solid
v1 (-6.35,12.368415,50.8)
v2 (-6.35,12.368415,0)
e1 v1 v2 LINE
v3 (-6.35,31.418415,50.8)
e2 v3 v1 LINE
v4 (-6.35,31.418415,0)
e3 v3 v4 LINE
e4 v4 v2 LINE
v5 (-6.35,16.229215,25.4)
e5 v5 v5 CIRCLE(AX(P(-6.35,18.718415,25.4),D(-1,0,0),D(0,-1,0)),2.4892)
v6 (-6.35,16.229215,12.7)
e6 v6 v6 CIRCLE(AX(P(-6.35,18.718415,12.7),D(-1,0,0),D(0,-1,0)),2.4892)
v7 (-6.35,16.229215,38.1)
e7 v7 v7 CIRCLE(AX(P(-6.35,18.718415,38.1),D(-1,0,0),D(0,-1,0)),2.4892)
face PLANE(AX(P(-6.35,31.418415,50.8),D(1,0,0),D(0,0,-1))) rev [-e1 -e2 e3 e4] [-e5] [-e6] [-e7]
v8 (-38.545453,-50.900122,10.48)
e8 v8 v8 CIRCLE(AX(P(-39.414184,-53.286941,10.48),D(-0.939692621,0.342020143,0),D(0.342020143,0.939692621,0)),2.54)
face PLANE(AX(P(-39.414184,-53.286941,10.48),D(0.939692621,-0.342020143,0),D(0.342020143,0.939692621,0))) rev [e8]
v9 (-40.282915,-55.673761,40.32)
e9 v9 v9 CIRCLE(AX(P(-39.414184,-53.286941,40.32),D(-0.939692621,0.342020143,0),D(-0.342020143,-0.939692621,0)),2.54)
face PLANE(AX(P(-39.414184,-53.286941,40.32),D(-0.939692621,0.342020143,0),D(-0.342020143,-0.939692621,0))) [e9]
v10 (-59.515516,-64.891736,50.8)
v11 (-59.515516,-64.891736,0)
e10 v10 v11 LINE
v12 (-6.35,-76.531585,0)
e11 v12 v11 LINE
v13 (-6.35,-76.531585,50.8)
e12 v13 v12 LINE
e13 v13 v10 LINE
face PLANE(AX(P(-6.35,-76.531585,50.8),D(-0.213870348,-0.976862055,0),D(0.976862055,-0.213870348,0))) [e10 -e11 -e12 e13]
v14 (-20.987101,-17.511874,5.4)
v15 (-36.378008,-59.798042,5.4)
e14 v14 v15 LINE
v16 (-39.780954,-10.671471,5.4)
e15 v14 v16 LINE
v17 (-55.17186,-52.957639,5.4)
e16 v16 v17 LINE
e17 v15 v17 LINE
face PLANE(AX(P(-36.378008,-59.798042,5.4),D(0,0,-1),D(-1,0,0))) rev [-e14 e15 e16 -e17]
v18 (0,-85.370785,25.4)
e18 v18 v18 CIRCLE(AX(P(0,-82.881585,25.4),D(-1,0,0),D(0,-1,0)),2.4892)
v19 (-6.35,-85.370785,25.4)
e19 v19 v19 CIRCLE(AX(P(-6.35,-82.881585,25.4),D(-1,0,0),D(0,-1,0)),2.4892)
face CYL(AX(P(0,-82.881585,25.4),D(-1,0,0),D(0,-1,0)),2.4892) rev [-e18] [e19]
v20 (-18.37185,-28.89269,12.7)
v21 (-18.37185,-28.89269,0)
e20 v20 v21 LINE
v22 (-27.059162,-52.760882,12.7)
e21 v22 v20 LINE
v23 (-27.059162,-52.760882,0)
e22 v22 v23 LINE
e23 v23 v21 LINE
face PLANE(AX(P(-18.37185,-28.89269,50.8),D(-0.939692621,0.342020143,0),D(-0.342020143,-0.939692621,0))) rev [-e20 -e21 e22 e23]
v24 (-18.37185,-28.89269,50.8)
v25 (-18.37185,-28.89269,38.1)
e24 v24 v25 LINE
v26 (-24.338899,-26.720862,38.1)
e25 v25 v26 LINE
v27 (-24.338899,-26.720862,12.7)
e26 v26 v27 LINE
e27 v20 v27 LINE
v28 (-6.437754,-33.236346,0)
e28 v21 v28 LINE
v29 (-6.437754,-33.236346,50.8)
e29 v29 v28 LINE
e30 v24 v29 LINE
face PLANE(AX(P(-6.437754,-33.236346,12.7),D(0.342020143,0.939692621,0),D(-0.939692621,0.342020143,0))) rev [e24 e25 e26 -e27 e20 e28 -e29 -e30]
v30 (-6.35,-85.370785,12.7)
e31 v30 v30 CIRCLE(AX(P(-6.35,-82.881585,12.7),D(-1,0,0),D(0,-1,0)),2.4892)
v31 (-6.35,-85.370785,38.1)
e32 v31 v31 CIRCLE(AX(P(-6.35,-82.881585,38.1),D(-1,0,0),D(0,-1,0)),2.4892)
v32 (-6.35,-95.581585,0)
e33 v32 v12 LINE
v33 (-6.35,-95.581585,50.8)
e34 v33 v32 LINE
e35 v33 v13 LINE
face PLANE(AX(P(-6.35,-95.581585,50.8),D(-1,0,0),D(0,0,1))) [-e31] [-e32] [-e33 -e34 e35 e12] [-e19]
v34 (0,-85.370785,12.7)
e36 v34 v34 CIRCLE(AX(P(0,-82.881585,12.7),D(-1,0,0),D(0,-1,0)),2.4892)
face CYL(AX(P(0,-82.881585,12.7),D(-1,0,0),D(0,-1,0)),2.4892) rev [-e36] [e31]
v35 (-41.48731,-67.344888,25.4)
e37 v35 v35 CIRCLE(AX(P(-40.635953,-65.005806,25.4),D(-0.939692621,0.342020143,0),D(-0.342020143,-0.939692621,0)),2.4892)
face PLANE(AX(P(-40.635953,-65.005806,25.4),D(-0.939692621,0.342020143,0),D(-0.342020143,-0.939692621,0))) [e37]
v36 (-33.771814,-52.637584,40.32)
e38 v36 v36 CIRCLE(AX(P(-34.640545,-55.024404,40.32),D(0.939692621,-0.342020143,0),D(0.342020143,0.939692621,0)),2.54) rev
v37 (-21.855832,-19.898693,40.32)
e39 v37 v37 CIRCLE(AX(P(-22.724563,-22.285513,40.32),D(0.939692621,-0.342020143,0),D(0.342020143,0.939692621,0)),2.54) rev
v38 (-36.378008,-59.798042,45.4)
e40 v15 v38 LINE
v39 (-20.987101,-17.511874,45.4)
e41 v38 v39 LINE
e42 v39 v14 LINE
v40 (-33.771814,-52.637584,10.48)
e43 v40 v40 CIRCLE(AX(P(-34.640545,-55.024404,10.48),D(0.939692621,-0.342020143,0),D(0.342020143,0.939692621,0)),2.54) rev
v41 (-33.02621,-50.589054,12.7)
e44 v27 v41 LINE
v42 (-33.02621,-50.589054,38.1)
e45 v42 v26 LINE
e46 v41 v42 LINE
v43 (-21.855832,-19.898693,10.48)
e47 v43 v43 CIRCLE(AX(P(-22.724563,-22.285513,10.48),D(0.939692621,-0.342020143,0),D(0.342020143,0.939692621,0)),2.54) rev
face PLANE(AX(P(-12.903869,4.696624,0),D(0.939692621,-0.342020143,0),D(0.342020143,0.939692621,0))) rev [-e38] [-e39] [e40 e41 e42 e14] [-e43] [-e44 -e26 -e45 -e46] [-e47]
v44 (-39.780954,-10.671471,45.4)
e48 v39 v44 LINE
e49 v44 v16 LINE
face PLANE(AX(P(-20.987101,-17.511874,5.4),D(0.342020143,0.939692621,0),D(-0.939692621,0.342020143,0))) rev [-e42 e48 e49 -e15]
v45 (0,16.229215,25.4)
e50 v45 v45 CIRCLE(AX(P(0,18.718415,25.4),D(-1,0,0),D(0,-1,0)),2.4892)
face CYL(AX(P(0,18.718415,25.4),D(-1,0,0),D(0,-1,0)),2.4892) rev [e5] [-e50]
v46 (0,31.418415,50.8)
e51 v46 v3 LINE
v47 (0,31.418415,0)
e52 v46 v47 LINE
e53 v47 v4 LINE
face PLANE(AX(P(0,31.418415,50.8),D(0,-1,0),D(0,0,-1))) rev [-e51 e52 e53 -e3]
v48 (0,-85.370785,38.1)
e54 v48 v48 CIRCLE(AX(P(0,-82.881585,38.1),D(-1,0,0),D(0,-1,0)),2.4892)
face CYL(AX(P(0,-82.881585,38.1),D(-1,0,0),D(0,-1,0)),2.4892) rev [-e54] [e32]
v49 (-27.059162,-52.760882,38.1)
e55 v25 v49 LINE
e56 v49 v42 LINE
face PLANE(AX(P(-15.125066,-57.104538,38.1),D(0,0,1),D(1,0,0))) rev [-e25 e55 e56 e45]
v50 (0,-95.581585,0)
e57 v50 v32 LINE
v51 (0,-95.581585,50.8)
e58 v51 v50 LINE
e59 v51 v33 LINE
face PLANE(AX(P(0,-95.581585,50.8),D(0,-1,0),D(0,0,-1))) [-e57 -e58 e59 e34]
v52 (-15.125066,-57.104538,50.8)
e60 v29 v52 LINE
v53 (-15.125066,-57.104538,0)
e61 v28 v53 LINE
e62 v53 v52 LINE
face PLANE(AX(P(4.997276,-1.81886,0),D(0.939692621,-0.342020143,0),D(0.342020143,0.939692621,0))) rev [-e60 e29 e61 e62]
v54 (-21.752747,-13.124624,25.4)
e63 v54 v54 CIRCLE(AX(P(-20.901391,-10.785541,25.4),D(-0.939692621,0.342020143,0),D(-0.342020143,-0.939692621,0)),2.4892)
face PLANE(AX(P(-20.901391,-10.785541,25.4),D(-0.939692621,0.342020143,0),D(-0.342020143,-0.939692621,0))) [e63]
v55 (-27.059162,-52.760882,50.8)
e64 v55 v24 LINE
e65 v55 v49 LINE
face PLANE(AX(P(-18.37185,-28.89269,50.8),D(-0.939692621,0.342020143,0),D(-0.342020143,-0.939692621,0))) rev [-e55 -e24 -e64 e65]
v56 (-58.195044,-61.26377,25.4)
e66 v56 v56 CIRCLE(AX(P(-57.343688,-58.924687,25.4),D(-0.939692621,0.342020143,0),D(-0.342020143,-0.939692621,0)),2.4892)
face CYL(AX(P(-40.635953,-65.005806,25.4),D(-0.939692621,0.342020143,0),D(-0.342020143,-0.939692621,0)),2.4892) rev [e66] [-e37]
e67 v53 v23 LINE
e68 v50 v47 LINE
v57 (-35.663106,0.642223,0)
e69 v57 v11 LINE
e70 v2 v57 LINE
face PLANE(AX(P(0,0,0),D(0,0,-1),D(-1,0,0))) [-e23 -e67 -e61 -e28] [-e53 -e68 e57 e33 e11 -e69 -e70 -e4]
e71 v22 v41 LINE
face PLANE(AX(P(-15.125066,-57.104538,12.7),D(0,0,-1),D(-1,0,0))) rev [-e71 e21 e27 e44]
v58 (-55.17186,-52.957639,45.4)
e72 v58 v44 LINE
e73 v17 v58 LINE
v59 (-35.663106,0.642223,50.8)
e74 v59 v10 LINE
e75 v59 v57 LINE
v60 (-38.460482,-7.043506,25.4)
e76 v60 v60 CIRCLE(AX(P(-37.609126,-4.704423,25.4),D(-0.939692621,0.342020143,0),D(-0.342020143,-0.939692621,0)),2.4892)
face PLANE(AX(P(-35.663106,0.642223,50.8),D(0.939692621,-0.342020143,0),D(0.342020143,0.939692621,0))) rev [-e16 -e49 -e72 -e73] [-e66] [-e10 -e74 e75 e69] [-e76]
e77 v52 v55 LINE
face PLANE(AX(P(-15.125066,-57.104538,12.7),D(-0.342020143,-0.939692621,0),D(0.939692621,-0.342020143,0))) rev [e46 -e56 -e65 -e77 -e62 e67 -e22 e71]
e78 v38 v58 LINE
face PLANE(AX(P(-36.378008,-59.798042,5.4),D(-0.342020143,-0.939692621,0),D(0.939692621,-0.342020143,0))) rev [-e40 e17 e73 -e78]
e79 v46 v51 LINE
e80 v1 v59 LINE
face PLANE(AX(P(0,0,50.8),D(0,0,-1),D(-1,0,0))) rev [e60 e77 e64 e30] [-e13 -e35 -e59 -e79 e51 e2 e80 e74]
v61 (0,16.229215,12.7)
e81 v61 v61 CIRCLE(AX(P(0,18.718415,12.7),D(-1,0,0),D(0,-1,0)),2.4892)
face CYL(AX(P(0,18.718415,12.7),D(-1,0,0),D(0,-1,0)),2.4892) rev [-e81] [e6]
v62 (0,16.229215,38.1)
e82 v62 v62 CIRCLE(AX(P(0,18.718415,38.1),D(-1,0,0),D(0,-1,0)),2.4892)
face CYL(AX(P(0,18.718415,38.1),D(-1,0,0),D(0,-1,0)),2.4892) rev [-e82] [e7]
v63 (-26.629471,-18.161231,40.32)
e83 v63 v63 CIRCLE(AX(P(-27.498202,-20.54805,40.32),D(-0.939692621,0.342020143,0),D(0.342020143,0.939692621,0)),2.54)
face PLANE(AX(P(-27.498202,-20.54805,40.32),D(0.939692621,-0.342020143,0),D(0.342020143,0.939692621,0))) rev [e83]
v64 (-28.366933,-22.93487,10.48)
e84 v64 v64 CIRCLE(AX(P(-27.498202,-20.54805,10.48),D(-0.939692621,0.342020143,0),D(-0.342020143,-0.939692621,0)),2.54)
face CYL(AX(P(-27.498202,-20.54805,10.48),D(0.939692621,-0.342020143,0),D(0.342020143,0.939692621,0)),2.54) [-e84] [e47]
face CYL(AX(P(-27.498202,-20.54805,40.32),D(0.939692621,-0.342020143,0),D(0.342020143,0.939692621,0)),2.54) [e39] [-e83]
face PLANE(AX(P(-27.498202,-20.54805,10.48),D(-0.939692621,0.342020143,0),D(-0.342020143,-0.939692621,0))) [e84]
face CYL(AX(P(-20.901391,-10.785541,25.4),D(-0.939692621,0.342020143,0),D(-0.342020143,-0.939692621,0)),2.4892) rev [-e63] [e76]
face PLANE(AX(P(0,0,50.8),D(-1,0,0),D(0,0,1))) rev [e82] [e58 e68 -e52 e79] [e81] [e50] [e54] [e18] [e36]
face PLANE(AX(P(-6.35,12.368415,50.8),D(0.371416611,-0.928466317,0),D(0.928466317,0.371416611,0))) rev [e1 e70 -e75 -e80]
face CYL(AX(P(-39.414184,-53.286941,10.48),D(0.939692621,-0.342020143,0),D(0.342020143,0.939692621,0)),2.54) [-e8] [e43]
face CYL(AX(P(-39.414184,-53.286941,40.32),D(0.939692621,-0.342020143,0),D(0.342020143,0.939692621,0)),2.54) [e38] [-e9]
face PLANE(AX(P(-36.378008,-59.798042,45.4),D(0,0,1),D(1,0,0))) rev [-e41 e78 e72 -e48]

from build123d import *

# Parameters (mm, degrees)
BOSS_EXTRUDE1_DEPTH     = 50.8
SKETCH3_W               = 40
SKETCH3_H               = 45
CUT_EXTRUDE1_DEPTH      = 20
SKETCH4_R               = 2.4892
CUT_EXTRUDE2_DEPTH      = 17.78
SKETCH7_W               = 25.4
SKETCH7_H               = 25.4
CUT_EXTRUDE3_DEPTH      = 19.05
CUT_EXTRUDE4_DEPTH      = 119.867767025
CUT_EXTRUDE4_DEPTH_BACK = 119.867767025
SKETCH10_R              = 2.4892
CUT_EXTRUDE5_DEPTH      = 121.594574863
SKETCH11_R              = 2.54
BOSS_EXTRUDE2_DEPTH     = 5.08


with BuildPart() as part:
    # Sketch1 → Boss-Extrude1 (new body)
    with BuildSketch(Plane.XY):
        Polygon((0, 0), (0, -95.581585113), (-6.35, -95.581585113), (-6.35, -76.531585113), (-59.515515832, -64.891735517), (-35.66310566, 0.642222829), (-6.35, 12.368414887), (-6.35, 31.418414887), (0, 31.418414887), align=None)
    extrude(amount=BOSS_EXTRUDE1_DEPTH)

    # Sketch3 → Cut-Extrude1 (cut)
    with BuildSketch(Plane(origin=(-31.697721226, 11.53702702, 0), x_dir=(0, 0, 1), z_dir=(-0.9396926207859081, 0.34202014332566955, 0))):
        with Locations((25.4, -46.13379027)):
            Rectangle(SKETCH3_W, SKETCH3_H)
    extrude(amount=-CUT_EXTRUDE1_DEPTH, mode=Mode.SUBTRACT)

    # Sketch4 → Cut-Extrude2 (cut)
    with BuildSketch(Plane(origin=(-31.697721226, 11.53702702, 0), x_dir=(0, 0, 1), z_dir=(-0.9396926207859081, 0.34202014332566955, 0))):
        with Locations(Location((25.4, -17.28379027, 0), (0, 0, 270))):
            Circle(SKETCH4_R)
        with Locations(Location((25.4, -74.98379027, 0), (0, 0, 270))):
            Circle(SKETCH4_R)
    extrude(amount=-CUT_EXTRUDE2_DEPTH, mode=Mode.SUBTRACT)

    # Sketch7 → Cut-Extrude3 (cut)
    with BuildSketch(Plane(origin=(-12.90386881, 4.696624154, 0), x_dir=(0, 0, 1), z_dir=(-0.9396926207859082, 0.34202014332566955, 0))):
        with Locations((25.4, -46.13379027)):
            Rectangle(SKETCH7_W, SKETCH7_H)
    extrude(amount=-CUT_EXTRUDE3_DEPTH, mode=Mode.SUBTRACT)

    # Sketch9 → Cut-Extrude4 (cut, two sides: drawn at the far end of the back side and taken through both)
    with BuildSketch(Plane(origin=(0, 0, 38.1), x_dir=(-1, 0, 0), z_dir=(0, 0, -1)).offset(-CUT_EXTRUDE4_DEPTH_BACK)):
        Polygon((6.437754125, -33.236345579), (15.125065765, -57.104538146), (27.059162049, -52.760882326), (18.371850409, -28.892689758), align=None)
    extrude(amount=CUT_EXTRUDE4_DEPTH + CUT_EXTRUDE4_DEPTH_BACK, mode=Mode.SUBTRACT)

    # Sketch10 → Cut-Extrude5 (cut, through all)
    with BuildSketch(Plane.ZY.offset(6.35)):
        with Locations(Location((25.4, 18.718414887, 0), (0, 0, 270))):
            Circle(SKETCH10_R)
        with Locations(Location((12.7, 18.718414887, 0), (0, 0, 270))):
            Circle(SKETCH10_R)
        with Locations(Location((12.7, -82.881585113, 0), (0, 0, 270))):
            Circle(SKETCH10_R)
        with Locations(Location((38.1, -82.881585113, 0), (0, 0, 270))):
            Circle(SKETCH10_R)
        with Locations(Location((38.1, 18.718414887, 0), (0, 0, 270))):
            Circle(SKETCH10_R)
        with Locations(Location((25.4, -82.881585113, 0), (0, 0, 270))):
            Circle(SKETCH10_R)
    extrude(amount=-CUT_EXTRUDE5_DEPTH, mode=Mode.SUBTRACT)

    # Sketch11 → Boss-Extrude2 (add)
    with BuildSketch(Plane(origin=(-12.90386881, 4.696624154, 0), x_dir=(0, 0, 1), z_dir=(-0.9396926207859081, 0.3420201433256697, 0))):
        with Locations(Location((10.48, -28.71379027, 0), (0, 0, 90))):
            Circle(SKETCH11_R)
        with Locations(Location((40.32, -28.71379027, 0), (0, 0, 90))):
            Circle(SKETCH11_R)
        with Locations(Location((40.32, -63.55379027, 0), (0, 0, 90))):
            Circle(SKETCH11_R)
        with Locations(Location((10.48, -63.55379027, 0), (0, 0, 90))):
            Circle(SKETCH11_R)
    extrude(amount=BOSS_EXTRUDE2_DEPTH)


solid = part.part
